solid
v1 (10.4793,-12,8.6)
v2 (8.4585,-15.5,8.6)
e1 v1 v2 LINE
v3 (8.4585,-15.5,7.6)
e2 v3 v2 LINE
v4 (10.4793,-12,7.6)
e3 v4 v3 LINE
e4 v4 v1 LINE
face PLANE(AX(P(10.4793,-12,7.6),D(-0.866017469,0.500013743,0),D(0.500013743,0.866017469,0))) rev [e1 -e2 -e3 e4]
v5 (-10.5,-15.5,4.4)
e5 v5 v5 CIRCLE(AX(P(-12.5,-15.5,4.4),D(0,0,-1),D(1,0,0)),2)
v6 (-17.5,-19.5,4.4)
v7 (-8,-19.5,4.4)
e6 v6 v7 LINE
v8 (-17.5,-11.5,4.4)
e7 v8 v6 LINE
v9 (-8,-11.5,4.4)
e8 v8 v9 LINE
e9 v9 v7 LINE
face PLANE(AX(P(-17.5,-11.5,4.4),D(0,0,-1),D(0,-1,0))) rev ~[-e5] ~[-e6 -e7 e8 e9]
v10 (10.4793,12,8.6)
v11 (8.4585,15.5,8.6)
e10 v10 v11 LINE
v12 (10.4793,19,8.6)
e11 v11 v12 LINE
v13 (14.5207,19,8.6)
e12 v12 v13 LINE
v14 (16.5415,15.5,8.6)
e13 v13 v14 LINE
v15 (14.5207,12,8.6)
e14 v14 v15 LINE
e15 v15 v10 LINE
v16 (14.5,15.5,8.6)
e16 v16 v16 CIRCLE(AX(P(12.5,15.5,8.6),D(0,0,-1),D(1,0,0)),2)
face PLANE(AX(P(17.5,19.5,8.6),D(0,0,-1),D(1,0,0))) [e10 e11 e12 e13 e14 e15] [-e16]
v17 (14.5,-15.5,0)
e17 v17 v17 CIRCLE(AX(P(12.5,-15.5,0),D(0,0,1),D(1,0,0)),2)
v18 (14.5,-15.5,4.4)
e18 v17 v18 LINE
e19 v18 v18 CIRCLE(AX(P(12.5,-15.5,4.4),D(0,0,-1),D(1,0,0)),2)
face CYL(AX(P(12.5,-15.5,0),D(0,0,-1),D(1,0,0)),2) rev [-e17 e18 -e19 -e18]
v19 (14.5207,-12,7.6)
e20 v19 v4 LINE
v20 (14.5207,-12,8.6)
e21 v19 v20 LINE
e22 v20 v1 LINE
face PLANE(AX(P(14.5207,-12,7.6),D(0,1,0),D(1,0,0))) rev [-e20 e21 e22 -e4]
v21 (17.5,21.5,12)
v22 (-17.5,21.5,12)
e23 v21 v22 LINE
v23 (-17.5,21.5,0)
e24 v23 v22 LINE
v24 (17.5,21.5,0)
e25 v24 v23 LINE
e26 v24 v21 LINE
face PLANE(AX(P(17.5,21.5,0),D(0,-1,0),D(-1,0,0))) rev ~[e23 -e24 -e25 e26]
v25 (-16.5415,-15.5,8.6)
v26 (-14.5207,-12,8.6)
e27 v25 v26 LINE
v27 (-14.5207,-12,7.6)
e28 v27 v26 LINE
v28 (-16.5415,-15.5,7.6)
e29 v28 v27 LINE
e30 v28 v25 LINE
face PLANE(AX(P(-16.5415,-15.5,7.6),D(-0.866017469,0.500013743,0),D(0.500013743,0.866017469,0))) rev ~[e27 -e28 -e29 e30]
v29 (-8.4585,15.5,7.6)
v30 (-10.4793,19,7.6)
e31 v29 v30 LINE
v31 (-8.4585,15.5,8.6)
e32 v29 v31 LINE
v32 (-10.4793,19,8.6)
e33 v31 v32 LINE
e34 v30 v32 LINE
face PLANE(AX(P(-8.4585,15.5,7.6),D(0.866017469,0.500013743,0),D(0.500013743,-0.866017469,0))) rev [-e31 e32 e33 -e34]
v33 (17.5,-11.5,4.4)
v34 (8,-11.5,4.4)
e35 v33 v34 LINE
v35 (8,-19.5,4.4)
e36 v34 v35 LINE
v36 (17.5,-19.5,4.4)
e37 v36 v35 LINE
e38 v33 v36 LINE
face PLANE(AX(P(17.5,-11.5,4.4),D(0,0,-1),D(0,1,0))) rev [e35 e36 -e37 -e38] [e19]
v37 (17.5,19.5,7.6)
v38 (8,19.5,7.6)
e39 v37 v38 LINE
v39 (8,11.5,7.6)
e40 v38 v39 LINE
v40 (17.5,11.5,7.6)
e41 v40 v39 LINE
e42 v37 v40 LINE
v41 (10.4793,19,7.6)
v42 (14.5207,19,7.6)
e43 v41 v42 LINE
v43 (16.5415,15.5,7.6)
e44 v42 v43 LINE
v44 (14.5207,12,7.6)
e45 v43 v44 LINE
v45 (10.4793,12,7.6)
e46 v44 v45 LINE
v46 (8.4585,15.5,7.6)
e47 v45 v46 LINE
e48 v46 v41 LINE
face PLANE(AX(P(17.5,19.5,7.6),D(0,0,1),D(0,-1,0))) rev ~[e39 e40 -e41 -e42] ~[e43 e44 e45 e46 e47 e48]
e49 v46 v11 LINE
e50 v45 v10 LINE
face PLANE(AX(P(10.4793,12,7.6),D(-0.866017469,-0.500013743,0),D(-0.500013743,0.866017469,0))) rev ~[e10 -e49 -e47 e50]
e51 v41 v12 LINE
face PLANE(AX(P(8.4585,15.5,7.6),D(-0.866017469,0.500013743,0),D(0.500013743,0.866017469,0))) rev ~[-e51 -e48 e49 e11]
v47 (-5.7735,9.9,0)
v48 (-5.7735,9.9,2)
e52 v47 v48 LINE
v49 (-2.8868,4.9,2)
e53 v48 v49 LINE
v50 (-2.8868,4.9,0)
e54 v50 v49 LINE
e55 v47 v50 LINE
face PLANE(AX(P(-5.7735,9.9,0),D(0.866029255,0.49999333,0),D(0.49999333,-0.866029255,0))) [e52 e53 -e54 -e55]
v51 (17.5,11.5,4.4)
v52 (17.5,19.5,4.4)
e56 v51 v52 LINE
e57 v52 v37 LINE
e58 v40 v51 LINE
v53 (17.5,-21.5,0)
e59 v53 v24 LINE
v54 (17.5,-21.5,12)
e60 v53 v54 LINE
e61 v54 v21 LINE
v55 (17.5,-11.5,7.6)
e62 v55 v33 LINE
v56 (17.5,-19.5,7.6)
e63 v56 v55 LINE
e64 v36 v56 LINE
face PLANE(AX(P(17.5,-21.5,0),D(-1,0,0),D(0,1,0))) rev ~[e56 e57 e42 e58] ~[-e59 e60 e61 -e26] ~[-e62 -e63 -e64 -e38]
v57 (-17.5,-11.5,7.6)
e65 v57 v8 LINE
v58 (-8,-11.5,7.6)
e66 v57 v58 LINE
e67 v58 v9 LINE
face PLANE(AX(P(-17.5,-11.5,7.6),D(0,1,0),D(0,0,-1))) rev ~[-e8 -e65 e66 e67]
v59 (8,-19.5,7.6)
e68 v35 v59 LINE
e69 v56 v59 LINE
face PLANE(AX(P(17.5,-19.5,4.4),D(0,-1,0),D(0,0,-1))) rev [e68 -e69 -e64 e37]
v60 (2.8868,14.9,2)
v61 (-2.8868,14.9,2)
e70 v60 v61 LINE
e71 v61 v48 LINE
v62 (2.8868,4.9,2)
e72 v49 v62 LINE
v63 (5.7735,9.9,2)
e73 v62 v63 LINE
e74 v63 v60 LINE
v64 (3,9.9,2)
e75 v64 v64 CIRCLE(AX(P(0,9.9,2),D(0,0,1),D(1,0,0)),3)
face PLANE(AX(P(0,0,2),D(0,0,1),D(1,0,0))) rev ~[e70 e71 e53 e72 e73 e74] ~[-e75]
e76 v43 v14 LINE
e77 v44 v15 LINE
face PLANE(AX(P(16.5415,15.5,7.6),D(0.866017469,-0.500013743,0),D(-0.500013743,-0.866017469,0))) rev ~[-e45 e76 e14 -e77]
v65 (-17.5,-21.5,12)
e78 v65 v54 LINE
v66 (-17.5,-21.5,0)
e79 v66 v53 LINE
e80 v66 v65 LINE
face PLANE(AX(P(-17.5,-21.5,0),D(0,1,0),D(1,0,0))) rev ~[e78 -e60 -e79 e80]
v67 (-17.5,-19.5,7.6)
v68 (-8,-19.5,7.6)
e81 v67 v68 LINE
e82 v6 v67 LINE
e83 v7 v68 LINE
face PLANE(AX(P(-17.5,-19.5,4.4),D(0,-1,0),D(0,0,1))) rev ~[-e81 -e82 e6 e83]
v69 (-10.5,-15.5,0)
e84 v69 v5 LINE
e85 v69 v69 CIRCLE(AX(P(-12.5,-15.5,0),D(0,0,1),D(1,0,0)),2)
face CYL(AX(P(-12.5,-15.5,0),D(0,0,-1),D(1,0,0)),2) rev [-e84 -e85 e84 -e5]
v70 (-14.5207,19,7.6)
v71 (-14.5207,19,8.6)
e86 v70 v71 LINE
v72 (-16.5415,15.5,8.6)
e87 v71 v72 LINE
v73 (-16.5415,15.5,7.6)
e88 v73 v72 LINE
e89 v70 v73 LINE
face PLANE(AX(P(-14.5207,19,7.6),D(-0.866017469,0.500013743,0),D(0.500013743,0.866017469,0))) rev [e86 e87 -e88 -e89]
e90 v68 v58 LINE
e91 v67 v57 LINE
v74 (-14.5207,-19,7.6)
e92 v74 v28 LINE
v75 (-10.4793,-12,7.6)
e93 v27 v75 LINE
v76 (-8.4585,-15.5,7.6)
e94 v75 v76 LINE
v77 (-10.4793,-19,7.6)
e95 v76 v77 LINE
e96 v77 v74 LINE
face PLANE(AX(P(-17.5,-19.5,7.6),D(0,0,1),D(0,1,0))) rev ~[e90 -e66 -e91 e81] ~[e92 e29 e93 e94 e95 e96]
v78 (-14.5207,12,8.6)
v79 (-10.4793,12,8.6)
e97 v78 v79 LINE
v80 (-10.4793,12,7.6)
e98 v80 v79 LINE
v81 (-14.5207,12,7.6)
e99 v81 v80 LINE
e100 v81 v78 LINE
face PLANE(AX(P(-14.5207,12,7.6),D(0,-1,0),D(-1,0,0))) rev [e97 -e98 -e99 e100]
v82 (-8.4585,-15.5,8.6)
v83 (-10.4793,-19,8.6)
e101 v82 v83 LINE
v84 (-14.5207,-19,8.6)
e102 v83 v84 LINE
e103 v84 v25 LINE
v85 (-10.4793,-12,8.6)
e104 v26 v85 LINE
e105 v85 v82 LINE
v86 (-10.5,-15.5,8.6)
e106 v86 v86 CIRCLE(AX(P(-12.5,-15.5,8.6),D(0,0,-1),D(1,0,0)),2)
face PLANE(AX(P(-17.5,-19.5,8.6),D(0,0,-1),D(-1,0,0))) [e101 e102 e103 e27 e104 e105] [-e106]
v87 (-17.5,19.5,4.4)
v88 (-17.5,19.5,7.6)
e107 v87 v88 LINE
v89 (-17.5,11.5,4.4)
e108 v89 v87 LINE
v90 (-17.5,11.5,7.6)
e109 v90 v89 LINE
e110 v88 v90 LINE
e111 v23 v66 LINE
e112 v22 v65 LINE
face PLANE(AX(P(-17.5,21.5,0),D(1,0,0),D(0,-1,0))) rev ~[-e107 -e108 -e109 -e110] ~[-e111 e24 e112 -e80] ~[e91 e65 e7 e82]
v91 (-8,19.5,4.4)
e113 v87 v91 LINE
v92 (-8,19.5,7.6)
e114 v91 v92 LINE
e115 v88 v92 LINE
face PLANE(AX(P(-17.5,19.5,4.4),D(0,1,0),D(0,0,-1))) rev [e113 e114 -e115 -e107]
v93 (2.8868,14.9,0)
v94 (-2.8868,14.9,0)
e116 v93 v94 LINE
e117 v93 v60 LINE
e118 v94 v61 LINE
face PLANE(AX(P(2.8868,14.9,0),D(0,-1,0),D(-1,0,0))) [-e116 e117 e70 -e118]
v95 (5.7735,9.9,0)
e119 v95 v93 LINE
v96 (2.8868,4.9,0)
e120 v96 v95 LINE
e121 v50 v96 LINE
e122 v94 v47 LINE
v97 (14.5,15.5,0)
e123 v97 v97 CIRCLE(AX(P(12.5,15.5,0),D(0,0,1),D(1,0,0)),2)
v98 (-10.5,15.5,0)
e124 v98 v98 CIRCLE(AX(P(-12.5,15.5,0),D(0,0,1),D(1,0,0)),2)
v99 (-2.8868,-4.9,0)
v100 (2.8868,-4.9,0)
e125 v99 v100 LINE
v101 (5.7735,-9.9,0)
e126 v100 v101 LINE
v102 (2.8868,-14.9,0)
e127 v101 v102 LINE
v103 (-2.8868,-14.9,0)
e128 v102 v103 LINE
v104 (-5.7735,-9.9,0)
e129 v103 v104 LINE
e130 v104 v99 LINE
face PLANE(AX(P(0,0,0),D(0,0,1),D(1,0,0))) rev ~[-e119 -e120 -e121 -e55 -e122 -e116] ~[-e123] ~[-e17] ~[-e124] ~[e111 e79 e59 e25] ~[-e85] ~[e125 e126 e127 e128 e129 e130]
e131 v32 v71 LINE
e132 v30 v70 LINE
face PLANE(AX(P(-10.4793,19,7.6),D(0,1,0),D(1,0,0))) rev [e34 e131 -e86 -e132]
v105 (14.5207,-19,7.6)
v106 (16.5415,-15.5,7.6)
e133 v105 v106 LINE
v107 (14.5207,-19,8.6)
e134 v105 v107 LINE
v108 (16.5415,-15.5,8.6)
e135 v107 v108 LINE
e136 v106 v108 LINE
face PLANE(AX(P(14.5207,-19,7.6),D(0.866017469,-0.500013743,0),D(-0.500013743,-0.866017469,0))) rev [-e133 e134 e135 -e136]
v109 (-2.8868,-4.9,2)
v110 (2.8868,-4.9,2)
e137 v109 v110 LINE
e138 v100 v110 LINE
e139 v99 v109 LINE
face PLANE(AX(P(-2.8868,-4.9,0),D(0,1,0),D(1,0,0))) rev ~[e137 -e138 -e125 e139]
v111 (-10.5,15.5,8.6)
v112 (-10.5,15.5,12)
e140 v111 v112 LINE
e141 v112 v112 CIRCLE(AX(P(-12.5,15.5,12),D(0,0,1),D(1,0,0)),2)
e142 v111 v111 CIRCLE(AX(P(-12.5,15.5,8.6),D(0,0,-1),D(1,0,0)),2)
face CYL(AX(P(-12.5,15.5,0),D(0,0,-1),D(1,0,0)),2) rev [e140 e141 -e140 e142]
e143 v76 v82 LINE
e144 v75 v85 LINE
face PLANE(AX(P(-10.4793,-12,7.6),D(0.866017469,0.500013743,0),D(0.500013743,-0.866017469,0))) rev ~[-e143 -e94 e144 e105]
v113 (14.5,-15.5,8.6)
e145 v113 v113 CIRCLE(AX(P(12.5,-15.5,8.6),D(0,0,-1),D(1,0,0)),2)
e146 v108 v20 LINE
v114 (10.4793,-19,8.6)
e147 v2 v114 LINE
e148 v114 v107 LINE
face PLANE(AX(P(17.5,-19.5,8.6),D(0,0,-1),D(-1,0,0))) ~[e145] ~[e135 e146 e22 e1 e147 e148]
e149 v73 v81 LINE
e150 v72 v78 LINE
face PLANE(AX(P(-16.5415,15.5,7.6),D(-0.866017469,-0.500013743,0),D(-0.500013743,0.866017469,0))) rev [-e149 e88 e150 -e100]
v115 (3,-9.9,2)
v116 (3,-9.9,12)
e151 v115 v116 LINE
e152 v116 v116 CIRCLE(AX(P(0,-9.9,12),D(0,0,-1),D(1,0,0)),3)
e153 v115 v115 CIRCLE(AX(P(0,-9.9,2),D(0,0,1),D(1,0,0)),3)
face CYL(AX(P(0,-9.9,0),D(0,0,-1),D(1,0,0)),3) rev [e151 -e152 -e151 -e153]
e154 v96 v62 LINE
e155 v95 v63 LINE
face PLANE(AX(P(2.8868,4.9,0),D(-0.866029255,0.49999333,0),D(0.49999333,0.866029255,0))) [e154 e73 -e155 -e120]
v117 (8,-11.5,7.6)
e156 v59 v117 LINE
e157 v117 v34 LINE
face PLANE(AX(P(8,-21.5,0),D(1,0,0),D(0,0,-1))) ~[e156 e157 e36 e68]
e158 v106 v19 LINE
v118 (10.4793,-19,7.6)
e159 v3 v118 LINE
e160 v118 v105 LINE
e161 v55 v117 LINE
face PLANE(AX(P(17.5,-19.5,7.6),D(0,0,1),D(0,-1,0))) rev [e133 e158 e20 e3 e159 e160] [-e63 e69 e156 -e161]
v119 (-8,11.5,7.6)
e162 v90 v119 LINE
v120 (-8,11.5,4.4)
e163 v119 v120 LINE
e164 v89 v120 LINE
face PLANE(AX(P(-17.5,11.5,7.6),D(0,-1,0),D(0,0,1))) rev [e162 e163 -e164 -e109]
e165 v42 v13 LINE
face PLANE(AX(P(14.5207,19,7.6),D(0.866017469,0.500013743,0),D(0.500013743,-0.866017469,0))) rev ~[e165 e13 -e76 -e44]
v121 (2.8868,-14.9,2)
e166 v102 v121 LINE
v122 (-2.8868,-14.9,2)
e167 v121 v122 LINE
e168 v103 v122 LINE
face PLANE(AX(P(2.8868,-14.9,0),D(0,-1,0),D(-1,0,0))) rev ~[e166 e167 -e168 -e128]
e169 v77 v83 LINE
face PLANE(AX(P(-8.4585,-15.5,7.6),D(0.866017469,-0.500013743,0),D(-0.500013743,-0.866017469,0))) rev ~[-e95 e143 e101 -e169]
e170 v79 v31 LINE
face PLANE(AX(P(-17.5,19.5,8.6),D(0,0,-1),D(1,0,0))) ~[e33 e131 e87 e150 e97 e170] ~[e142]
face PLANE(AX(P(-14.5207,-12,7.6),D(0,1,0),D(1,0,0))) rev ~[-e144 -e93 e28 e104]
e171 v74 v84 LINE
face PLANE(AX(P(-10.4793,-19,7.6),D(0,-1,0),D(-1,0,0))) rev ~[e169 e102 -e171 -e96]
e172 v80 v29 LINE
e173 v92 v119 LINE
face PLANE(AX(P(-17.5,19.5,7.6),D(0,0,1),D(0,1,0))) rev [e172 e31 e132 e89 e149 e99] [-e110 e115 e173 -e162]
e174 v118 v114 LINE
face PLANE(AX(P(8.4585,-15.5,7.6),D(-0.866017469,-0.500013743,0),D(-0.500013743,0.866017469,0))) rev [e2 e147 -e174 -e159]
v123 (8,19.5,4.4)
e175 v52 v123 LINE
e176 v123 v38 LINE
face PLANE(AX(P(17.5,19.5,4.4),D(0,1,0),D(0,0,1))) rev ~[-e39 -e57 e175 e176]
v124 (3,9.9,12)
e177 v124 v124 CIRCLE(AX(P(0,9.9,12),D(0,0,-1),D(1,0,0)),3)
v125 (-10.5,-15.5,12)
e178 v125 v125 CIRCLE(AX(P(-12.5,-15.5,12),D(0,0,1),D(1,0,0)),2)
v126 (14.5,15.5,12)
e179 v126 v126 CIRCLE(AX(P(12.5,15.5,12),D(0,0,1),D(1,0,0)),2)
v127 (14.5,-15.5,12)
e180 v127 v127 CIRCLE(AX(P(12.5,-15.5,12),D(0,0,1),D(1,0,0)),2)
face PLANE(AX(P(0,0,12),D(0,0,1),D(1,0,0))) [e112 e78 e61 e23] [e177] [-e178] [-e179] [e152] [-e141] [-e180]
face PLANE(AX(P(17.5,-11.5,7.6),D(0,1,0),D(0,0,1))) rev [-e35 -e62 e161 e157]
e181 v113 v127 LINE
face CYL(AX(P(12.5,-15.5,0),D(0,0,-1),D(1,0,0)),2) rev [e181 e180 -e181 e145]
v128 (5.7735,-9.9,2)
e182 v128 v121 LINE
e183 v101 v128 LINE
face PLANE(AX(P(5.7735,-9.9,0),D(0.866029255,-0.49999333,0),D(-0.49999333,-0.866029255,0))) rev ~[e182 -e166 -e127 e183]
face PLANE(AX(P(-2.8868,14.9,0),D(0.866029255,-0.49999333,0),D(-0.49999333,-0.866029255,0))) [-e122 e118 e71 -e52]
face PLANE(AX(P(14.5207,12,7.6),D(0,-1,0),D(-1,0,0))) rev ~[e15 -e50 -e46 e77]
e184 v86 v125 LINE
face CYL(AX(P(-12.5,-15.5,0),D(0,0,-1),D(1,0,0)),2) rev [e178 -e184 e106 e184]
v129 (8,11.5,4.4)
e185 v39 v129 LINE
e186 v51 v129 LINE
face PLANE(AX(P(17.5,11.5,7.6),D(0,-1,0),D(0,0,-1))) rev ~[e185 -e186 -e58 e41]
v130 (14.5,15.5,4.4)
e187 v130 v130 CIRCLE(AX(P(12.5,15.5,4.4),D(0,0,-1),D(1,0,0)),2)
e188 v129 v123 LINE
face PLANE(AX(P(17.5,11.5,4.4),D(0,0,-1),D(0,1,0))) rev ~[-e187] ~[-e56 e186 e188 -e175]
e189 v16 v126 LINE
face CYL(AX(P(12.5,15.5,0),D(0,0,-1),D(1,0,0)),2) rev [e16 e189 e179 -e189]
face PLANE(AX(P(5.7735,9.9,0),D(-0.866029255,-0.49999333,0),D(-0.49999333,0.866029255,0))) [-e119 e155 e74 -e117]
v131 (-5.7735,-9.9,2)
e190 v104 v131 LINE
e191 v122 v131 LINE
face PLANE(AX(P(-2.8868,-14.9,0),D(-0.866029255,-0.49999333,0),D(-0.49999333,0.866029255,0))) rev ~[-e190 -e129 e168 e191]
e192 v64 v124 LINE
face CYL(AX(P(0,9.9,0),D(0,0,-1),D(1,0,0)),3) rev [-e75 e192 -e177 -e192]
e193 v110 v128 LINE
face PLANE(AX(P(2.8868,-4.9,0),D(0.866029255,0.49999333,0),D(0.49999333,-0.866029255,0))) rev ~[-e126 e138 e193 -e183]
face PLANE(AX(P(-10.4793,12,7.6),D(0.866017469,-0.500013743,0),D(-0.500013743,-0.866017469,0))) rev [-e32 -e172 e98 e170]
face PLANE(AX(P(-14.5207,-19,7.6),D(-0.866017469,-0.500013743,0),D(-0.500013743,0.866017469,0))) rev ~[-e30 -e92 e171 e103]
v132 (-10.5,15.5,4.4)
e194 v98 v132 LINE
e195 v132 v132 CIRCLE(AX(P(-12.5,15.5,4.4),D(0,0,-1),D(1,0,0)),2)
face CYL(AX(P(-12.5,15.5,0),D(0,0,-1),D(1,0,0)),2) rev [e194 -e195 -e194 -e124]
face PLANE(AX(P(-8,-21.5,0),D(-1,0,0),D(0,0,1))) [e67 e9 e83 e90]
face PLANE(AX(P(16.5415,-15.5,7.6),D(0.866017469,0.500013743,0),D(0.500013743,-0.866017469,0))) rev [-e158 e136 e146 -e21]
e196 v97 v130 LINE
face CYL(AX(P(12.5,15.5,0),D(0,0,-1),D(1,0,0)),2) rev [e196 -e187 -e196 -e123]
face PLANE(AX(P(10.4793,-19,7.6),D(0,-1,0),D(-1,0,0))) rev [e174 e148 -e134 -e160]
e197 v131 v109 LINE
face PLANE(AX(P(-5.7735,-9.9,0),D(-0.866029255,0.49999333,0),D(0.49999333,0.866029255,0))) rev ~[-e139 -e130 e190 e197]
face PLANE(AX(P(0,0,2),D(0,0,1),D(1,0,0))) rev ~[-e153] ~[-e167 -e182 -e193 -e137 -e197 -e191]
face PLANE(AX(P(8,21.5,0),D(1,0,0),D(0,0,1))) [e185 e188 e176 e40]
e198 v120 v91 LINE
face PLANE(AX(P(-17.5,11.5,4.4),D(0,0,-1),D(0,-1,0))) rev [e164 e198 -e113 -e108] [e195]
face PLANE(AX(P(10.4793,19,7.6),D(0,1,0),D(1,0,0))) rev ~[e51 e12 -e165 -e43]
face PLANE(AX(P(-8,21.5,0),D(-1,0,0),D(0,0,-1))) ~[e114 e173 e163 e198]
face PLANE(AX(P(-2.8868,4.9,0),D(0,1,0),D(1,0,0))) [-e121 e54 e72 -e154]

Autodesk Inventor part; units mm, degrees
ref_plane "YZ Plane" through (0, 0, 0) normal (1, 0, 0) x (0, 1, 0)
ref_plane "XZ Plane" through (0, 0, 0) normal (0, 1, 0) x (-1, 0, 0)
ref_plane "XY Plane" through (0, 0, 0) normal (0, 0, 1) x (1, 0, 0)
sketch "EsboçoBase" plane through (0, 0, 0) normal (0, 0, 1) x (1, 0, 0)
  line L0 (-12.5, 16.5) -> (12.5, 16.5) construction
  line L1 (12.5, 16.5) -> (12.5, -16.5) construction
  line L2 (12.5, -16.5) -> (-12.5, -16.5) construction
  line L3 (-12.5, -16.5) -> (-12.5, 16.5) construction
  line L4 (-12.5, 16.5) -> (12.5, -16.5) construction
  line L5 (12.5, 16.5) -> (-12.5, -16.5) construction
  line L6 (0, 16.5) -> (0, -16.5) construction
  line L7 (-12.5, 12.9) -> (12.5, 12.9) construction
  circle A0 centre (0, 9.9) radius 3
  line L8 (-12.5, 0) -> (12.5, 0) construction
  circle A1 centre (0, -9.9) radius 3
  line L9 (17.5, 21.5) -> (-17.5, 21.5)
  line L10 (-17.5, 21.5) -> (-17.5, -21.5)
  line L11 (-17.5, -21.5) -> (17.5, -21.5)
  line L12 (17.5, -21.5) -> (17.5, 21.5)
  line L13 (-2.8868, -4.9) -> (2.8868, -4.9)
  line L14 (2.8868, -4.9) -> (5.7735, -9.9)
  line L15 (5.7735, -9.9) -> (2.8868, -14.9)
  line L16 (2.8868, -14.9) -> (-2.8868, -14.9)
  line L17 (-2.8868, -14.9) -> (-5.7735, -9.9)
  line L18 (-5.7735, -9.9) -> (-2.8868, -4.9)
  line L19 (-2.8868, 4.9) -> (2.8868, 4.9)
  line L20 (2.8868, 4.9) -> (5.7735, 9.9)
  line L21 (5.7735, 9.9) -> (2.8868, 14.9)
  line L22 (2.8868, 14.9) -> (-2.8868, 14.9)
  line L23 (-2.8868, 14.9) -> (-5.7735, 9.9)
  line L24 (-5.7735, 9.9) -> (-2.8868, 4.9)
  circle A2 centre (12.5, -15.5) radius 2
  circle A3 centre (12.5, 15.5) radius 2
  circle A4 centre (-12.5, -15.5) radius 2
  circle A5 centre (-12.5, 15.5) radius 2
  line L25 (-14.5207, -12) -> (-10.4793, -12)
  line L26 (-10.4793, -12) -> (-8.4585, -15.5)
  line L27 (-8.4585, -15.5) -> (-10.4793, -19)
  line L28 (-10.4793, -19) -> (-14.5207, -19)
  line L29 (-14.5207, -19) -> (-16.5415, -15.5)
  line L30 (-16.5415, -15.5) -> (-14.5207, -12)
  point P0 (0, 0)
  point P1 (0, -9.9)
  dimension "d0" = 25
  dimension "d1" = 33
  dimension "d2" = 3.6
  dimension "d3" = 6
  dimension "d4" = 5
  dimension "d22" = 10
  dimension "d29" = 4
  dimension "d30" = 6
  dimension "d31" = 5
  dimension "d38" = 7
extrude "Adaptador" add sketch "EsboçoBase" along normal blind 12 contours A0 | A1 | L12 L11 L10 L9 | L13 L14 L15 L16 L17 L18 | L24 L23 L22 L21 L20 L19 | A2 | A3 | A4 | A5 | L25 L26 L27 L28 L29 L30
extrude "Furos" cut sketch "EsboçoBase" along normal blind 15 contours A0 | A1
thread "Thread1" size "M6x1" class "6H" standard "ANSI Metric M Profile" full length
thread "Thread2" size "M6x1" class "6H" standard "ANSI Metric M Profile" full length
sketch "Sketch5" plane through (-17.5, -21.5, 0) normal (-1, 0, 0) x (0, 0, 1)
  point P0 (0, 21.5)
extrude "Extrusion5" cut sketch "EsboçoBase" along normal blind 2 contours L13 L14 L15 L16 L17 L18 | L24 L23 L22 L21 L20 L19
sketch "PorcasLaterais" plane through (-17.5, -21.5, 0) normal (-1, 0, 0) x (0, 0, 1)
  line L0 (4.4, 2) -> (7.6, 2)
  line L1 (7.6, 2) -> (7.6, 10)
  line L2 (7.6, 10) -> (4.4, 10)
  line L3 (4.4, 10) -> (4.4, 2)
  line L4 (0, 0) -> (12, 0) projected
  line L5 (0, 43) -> (0, 0) projected
  line L6 (4.4, 6) -> (7.6, 6) construction
  line L7 (6, 2) -> (6, 10) construction
  line L8 (6, 0) -> (6, 43) construction
  line L9 (0, 6) -> (12, 6) construction
  line L10 (12, 43) -> (12, 0) projected
  point P0 (0, 21.5)
  dimension "d32" = 3.2
  dimension "d33" = 8
  dimension "d37" = 6
extrude "Extrusion6" cut sketch "PorcasLaterais" against normal blind 9.5
sketch "Sketch7" plane through (-17.5, -19.5, 7.6) normal (0, 0, -1) x (-1, 0, 0)
  line L0 (-9.0415, 4) -> (-7.0207, 0.5) projected
  line L1 (-7.0207, 7.5) -> (-9.0415, 4) projected
  line L2 (-2.9793, 7.5) -> (-7.0207, 7.5) projected
  line L3 (-0.9585, 4) -> (-2.9793, 7.5) projected
  line L4 (-2.9793, 0.5) -> (-0.9585, 4) projected
  line L5 (-7.0207, 0.5) -> (-2.9793, 0.5) projected
  point P0 (-17.5, 19.5)
extrude "Extrusion7" cut sketch "Sketch7" against normal blind 1
extrude "Extrusion8" cut sketch "EsboçoBase" along normal blind 12 contours A2 | A3 | A4 | A5
mirror "Mirror1" about plane through (0, 0, 0) normal (1, 0, 0) of "Extrusion6", "Extrusion7"
mirror "Mirror2" about plane through (0, 0, 0) normal (0, 1, 0) of "Extrusion7", "Extrusion6", "Mirror1"
properties part number "LoadCellBase"
